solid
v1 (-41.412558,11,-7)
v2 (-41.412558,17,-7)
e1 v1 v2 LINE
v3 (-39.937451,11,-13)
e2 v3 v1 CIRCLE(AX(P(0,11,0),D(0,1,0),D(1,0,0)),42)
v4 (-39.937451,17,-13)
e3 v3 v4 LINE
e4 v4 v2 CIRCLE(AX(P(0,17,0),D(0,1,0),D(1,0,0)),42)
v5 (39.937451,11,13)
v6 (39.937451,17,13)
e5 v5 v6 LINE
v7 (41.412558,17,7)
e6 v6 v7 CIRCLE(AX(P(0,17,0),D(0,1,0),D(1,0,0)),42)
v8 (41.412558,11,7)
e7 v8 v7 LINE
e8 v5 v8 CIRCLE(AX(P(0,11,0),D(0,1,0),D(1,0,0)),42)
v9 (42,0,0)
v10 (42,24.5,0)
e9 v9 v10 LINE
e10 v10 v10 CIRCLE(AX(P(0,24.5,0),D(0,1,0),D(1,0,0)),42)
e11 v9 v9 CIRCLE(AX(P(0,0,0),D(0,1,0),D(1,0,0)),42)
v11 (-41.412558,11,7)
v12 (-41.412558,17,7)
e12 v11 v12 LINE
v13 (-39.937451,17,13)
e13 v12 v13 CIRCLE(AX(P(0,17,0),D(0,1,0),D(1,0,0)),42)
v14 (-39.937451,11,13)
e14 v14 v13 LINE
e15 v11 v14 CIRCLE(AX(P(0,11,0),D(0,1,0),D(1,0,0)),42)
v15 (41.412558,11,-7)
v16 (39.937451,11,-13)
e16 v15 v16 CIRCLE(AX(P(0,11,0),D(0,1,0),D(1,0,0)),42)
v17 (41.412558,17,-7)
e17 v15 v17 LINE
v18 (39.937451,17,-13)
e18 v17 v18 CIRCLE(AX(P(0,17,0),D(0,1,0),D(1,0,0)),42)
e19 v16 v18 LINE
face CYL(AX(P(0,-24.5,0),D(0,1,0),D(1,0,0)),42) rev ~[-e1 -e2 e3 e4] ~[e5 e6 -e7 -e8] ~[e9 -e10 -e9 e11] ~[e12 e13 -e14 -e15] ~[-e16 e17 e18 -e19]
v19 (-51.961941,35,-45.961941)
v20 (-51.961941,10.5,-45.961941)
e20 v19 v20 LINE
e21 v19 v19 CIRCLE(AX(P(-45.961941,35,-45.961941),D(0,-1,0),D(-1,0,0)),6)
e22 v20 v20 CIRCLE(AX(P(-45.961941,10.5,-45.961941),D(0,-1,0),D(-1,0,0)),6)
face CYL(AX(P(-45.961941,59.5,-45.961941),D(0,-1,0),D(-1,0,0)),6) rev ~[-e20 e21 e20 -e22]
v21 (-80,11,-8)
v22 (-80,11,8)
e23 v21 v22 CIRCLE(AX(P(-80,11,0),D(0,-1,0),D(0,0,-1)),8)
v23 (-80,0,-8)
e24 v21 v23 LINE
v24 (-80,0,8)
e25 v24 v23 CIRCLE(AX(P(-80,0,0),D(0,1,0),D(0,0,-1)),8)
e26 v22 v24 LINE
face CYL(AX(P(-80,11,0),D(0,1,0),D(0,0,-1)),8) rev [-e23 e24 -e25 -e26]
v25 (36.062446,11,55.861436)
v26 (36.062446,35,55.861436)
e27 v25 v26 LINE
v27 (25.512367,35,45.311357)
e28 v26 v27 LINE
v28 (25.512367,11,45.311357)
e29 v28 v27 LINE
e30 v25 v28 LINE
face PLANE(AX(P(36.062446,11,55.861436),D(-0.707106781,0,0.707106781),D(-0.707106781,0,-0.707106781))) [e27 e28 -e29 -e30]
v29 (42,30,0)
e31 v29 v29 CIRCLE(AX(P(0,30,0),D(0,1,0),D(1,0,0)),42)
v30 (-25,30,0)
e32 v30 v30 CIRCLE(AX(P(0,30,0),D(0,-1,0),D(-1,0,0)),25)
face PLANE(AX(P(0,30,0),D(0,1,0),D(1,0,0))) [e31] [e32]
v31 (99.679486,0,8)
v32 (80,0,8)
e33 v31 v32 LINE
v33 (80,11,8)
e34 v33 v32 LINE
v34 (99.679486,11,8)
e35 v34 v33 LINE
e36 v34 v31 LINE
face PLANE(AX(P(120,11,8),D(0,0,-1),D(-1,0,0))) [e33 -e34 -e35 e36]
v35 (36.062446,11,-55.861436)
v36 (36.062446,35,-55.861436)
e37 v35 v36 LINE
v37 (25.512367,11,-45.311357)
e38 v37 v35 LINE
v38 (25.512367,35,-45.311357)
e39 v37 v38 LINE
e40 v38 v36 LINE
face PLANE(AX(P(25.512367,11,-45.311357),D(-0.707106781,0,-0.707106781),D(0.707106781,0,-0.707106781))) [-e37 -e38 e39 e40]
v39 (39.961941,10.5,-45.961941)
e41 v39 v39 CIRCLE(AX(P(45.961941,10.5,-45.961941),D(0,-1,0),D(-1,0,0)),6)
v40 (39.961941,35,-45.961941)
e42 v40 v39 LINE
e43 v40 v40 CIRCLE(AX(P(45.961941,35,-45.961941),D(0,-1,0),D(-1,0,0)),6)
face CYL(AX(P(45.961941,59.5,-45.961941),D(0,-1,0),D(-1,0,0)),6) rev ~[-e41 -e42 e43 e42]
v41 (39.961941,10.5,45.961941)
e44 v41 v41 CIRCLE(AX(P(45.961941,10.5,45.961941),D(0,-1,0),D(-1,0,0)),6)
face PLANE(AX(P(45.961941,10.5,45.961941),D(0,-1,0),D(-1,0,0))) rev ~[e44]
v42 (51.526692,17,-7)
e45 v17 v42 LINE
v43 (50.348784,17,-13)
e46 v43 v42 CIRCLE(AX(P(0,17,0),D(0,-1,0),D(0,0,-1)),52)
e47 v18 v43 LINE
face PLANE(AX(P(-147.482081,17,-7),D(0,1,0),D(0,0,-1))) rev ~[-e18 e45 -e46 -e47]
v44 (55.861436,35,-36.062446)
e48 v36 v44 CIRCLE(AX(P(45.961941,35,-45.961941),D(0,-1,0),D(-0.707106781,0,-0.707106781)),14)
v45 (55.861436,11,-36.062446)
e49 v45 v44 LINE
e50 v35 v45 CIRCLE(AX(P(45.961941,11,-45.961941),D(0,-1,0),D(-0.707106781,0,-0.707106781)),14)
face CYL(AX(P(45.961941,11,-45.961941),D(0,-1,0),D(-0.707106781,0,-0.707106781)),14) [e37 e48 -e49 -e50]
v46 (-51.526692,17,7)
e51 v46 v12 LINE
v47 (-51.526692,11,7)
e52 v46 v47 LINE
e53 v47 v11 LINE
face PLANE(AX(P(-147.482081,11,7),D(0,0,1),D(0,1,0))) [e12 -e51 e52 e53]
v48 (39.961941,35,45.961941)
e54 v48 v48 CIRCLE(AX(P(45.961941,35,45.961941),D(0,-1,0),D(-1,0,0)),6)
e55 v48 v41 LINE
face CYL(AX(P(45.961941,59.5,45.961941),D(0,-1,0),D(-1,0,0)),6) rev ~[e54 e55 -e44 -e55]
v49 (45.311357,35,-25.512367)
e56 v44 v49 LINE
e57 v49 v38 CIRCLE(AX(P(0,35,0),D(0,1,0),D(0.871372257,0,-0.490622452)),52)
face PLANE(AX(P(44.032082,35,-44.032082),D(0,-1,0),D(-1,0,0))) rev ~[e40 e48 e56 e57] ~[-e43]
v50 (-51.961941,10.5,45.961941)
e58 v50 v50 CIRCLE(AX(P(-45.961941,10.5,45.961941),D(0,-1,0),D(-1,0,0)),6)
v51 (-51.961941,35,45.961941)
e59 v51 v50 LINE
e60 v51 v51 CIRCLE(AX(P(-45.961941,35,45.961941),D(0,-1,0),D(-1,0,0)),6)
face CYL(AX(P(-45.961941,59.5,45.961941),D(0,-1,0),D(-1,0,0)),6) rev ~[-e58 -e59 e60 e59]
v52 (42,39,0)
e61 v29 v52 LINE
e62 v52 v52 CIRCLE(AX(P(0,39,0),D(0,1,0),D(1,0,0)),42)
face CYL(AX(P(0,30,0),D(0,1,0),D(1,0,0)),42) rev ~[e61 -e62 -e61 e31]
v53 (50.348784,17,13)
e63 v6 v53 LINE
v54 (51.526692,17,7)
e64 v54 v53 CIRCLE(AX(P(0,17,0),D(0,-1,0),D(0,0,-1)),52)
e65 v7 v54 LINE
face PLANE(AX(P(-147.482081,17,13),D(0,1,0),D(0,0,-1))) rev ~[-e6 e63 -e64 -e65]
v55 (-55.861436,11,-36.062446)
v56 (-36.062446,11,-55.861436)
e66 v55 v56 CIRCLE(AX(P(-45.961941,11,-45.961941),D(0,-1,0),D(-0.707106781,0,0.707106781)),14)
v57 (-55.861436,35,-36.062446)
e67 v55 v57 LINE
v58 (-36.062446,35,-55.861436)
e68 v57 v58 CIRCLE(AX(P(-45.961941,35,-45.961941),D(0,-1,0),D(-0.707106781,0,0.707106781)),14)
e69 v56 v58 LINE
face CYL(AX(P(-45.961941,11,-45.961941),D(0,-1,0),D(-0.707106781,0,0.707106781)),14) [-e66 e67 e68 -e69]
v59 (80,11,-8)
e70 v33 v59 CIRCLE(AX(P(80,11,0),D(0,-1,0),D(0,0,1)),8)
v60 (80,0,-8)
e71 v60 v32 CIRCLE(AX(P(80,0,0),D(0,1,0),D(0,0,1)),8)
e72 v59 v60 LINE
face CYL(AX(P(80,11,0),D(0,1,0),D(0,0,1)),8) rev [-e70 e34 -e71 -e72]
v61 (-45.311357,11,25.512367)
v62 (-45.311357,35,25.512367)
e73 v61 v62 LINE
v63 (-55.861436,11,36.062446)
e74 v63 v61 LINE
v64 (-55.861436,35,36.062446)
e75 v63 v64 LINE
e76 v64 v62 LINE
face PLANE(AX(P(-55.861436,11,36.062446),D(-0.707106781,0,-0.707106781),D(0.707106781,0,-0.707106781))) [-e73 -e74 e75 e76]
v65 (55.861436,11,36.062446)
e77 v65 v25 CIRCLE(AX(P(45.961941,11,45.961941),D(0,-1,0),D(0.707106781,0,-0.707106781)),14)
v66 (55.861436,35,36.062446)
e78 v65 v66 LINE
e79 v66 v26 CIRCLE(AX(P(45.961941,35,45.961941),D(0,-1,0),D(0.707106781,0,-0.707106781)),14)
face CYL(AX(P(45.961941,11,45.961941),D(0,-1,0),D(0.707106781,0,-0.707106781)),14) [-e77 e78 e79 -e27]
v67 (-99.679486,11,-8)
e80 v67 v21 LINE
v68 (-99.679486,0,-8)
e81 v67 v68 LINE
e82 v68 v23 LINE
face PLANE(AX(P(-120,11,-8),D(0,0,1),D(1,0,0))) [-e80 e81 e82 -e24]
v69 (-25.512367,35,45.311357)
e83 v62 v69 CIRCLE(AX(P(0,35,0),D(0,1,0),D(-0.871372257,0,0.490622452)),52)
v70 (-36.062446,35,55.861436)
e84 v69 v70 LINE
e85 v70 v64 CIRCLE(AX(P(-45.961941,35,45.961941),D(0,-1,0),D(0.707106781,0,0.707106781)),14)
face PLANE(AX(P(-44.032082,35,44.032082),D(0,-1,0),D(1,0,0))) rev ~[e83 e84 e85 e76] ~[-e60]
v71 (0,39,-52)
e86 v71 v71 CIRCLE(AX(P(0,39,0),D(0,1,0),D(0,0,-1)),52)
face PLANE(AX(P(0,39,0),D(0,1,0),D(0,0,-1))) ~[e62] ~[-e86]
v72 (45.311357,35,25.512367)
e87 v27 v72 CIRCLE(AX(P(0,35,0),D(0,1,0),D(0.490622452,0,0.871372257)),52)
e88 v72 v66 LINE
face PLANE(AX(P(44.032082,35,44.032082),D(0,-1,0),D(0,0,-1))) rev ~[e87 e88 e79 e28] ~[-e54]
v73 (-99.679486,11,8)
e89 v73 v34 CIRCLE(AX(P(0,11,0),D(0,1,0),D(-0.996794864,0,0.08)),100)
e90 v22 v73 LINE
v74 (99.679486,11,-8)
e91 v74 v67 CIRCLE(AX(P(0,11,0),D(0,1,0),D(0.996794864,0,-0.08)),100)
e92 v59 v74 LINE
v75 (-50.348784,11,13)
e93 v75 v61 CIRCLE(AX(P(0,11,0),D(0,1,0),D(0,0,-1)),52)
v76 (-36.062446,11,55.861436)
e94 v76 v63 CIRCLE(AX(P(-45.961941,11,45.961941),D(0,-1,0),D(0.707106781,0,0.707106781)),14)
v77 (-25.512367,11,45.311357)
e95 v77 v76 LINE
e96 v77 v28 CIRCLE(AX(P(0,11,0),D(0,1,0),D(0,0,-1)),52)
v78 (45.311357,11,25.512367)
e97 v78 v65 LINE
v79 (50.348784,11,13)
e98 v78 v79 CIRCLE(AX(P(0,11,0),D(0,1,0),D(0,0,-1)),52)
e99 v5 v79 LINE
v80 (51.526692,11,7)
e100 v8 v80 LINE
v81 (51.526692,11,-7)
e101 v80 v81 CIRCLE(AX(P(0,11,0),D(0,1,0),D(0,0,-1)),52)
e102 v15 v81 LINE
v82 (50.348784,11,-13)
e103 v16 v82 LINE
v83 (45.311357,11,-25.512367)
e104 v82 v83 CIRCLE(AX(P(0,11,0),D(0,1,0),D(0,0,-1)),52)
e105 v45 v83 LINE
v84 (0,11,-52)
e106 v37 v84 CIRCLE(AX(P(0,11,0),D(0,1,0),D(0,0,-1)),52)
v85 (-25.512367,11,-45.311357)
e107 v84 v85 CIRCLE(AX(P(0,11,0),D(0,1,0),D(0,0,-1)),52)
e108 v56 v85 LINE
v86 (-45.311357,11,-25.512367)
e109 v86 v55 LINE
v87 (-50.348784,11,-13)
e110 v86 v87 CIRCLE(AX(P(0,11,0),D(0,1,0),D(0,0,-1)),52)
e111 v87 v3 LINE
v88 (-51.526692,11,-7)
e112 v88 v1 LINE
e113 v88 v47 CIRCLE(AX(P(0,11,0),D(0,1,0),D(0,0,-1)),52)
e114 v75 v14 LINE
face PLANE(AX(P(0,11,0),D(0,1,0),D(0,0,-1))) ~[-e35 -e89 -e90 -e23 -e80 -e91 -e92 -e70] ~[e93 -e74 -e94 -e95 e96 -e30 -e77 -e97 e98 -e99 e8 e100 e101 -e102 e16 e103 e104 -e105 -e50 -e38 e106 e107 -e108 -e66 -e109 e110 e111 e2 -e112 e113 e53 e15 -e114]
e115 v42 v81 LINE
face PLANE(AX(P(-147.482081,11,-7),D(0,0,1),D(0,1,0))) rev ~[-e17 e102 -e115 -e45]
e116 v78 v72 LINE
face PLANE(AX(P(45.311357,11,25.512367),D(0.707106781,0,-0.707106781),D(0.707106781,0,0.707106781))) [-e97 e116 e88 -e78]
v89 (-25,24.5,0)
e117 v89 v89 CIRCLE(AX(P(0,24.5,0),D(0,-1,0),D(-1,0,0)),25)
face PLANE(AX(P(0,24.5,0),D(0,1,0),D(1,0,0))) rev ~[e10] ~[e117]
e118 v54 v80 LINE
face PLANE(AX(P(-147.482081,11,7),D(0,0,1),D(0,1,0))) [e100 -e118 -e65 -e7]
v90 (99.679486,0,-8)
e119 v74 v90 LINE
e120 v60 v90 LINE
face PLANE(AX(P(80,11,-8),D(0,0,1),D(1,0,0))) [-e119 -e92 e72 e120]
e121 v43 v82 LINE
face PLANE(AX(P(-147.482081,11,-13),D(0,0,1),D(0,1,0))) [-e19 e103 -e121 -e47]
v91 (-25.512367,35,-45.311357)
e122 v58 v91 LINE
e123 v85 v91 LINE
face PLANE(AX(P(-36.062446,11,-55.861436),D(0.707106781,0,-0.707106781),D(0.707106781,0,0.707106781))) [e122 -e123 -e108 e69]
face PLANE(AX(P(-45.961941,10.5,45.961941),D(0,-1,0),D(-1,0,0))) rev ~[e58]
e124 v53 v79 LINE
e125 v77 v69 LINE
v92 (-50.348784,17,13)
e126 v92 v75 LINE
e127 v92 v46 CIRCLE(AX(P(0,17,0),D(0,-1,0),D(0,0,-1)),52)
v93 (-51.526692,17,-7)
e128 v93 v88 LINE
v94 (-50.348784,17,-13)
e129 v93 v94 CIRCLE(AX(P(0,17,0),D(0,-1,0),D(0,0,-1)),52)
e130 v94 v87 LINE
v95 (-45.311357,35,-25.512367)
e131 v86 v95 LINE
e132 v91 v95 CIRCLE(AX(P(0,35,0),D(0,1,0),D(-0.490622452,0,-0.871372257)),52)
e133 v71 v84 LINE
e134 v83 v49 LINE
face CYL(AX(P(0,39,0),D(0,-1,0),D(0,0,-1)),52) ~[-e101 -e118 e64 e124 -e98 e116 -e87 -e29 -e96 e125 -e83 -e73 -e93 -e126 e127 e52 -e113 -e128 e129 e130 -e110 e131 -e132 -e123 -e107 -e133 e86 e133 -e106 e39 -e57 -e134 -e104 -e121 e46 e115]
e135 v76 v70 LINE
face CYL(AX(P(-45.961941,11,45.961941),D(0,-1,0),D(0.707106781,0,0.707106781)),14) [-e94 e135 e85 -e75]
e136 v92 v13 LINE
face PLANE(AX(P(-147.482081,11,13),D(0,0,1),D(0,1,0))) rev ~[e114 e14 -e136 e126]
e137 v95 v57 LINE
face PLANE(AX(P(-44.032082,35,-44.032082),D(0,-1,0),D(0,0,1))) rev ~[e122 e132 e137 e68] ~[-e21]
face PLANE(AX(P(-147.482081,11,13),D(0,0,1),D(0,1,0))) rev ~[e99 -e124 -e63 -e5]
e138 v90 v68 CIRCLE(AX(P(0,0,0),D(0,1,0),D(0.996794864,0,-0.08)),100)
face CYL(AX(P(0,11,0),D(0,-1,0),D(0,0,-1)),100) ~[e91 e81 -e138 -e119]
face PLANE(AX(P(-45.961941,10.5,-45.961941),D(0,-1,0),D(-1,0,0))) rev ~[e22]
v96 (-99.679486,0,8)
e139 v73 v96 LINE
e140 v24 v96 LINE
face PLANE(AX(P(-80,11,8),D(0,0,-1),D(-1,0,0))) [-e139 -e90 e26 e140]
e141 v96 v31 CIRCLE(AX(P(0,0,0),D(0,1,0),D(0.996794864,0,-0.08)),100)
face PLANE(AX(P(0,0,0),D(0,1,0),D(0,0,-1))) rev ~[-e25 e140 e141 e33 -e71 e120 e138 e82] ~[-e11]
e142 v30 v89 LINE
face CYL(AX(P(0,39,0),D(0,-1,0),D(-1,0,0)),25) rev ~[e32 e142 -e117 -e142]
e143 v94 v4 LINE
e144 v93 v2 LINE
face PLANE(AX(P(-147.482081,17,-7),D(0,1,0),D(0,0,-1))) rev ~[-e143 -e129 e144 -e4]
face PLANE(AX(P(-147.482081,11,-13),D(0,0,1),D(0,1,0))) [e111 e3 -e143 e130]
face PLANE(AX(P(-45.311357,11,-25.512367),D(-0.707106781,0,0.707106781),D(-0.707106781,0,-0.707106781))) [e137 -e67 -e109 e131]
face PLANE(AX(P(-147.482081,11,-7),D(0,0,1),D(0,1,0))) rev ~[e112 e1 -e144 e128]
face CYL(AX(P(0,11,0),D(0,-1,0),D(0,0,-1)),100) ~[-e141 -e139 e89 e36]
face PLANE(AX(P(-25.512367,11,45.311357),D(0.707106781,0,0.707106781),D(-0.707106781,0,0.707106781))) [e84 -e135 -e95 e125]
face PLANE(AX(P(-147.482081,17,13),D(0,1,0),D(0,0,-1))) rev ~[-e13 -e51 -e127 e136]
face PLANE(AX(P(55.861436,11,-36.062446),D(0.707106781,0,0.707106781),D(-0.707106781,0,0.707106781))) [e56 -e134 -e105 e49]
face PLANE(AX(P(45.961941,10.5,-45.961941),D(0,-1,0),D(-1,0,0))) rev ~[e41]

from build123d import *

# Parameters (mm, degrees)
HOLE1_D                 = 50
HOLE1_CBORE_D           = 84
HOLE1_CBORE_DEPTH       = 9
HOLE2_D                 = 84
HOLE2_DEPTH             = 24.5
BOSS_EXTRUDE1_DEPTH     = 24
CIRPATTERN1_COUNT       = 4
HOLE3_D                 = 12
HOLE3_DEPTH             = 24.5
CUT_EXTRUDE2_DEPTH      = 24
CIRPATTERN2_COUNT       = 2
CUT_EXTRUDE3_DEPTH      = 147.482080815
CUT_EXTRUDE3_DEPTH_BACK = 147.482080815
SKETCH12_W              = 6
SKETCH12_H              = 6


with BuildPart() as part:
    # Sketch1 → Revolve1 (revolve)
    with BuildSketch(Plane.XY, mode=Mode.PRIVATE) as revolve1_sk:
        Polygon((0, 0), (0, 39), (-52, 39), (-52, 11), (-100, 11), (-100, 0), align=None)
    revolve(revolve1_sk.sketch.rotate(Axis((0, 0, 0), (0, 1, 0)), 270), axis=Axis((0, 0, 0), (0, 1, 0)))

    # Hole1 (through all)
    with Locations(Plane(origin=(0, 39, 0), x_dir=(1, 0, 0), z_dir=(0, 1, 0))):
        with Locations((0, 0)):
            CounterBoreHole(HOLE1_D / 2, HOLE1_CBORE_D / 2, HOLE1_CBORE_DEPTH)

    # Hole2
    with Locations(Plane(origin=(0, 0, 0), x_dir=(-1, 0, 0), z_dir=(0, -1, 0))):
        with Locations((0, 0)):
            Hole(HOLE2_D / 2, depth=HOLE2_DEPTH)

    # Sketch8 → Boss-Extrude1 (add)
    with BuildSketch(Plane(origin=(0, 11, 0), x_dir=(1, 0, 0), z_dir=(0, 1, 0))):
        with BuildLine():
            Line((25.512367483, 45.311357356), (36.062445841, 55.861435714))
            ThreePointArc((36.062445841, 55.861435714), (55.861435714, 55.861435714), (55.861435714, 36.062445841))
            Line((55.861435714, 36.062445841), (45.311357356, 25.512367483))
            ThreePointArc((45.311357356, 25.512367483), (36.769552622, 36.769552622), (25.512367483, 45.311357356))
        make_face()
    boss_extrude1 = extrude(amount=BOSS_EXTRUDE1_DEPTH)

    # CirPattern1: Boss-Extrude1 ×4 about axis
    cirpattern1_axis = Axis((0, 0, 0), (0, 1, 0))
    for i in range(1, CIRPATTERN1_COUNT):
        add(boss_extrude1.rotate(cirpattern1_axis, i * 360 / CIRPATTERN1_COUNT))

    # Hole3
    with Locations(Plane(origin=(0, 35, 0), x_dir=(1, 0, 0), z_dir=(0, 1, 0))):
        with Locations((45.961940777, 45.961940777), (45.961940777, -45.961940777), (-45.961940777, -45.961940777), (-45.961940777, 45.961940777)):
            Hole(HOLE3_D / 2, depth=HOLE3_DEPTH)

    # Sketch11 → Cut-Extrude2 (cut)
    with BuildSketch(Plane(origin=(0, 11, 0), x_dir=(1, 0, 0), z_dir=(0, 1, 0))):
        with BuildLine():
            Line((80, 8), (120, 8))
            ThreePointArc((120, 8), (128, 0), (120, -8))
            Line((120, -8), (80, -8))
            ThreePointArc((80, -8), (72, 0), (80, 8))
        make_face()
    cut_extrude2 = extrude(amount=-CUT_EXTRUDE2_DEPTH, mode=Mode.SUBTRACT)

    # CirPattern2: Cut-Extrude2 ×2 about axis
    cirpattern2_axis = Axis((0, 0, 0), (0, 1, 0))
    for i in range(1, CIRPATTERN2_COUNT):
        add(cut_extrude2.rotate(cirpattern2_axis, i * 360 / CIRPATTERN2_COUNT), mode=Mode.SUBTRACT)

    # Sketch12 → Cut-Extrude3 (cut, two sides: drawn at the far end of the back side and taken through both)
    with BuildSketch(Plane(origin=(0, 0, 0), x_dir=(0, 0, -1), z_dir=(1, 0, 0)).offset(-CUT_EXTRUDE3_DEPTH_BACK)):
        with Locations((-10, 14)):
            Rectangle(SKETCH12_W, SKETCH12_H)
        with Locations((10, 14)):
            Rectangle(SKETCH12_W, SKETCH12_H)
    extrude(amount=CUT_EXTRUDE3_DEPTH + CUT_EXTRUDE3_DEPTH_BACK, mode=Mode.SUBTRACT)


solid = part.part
